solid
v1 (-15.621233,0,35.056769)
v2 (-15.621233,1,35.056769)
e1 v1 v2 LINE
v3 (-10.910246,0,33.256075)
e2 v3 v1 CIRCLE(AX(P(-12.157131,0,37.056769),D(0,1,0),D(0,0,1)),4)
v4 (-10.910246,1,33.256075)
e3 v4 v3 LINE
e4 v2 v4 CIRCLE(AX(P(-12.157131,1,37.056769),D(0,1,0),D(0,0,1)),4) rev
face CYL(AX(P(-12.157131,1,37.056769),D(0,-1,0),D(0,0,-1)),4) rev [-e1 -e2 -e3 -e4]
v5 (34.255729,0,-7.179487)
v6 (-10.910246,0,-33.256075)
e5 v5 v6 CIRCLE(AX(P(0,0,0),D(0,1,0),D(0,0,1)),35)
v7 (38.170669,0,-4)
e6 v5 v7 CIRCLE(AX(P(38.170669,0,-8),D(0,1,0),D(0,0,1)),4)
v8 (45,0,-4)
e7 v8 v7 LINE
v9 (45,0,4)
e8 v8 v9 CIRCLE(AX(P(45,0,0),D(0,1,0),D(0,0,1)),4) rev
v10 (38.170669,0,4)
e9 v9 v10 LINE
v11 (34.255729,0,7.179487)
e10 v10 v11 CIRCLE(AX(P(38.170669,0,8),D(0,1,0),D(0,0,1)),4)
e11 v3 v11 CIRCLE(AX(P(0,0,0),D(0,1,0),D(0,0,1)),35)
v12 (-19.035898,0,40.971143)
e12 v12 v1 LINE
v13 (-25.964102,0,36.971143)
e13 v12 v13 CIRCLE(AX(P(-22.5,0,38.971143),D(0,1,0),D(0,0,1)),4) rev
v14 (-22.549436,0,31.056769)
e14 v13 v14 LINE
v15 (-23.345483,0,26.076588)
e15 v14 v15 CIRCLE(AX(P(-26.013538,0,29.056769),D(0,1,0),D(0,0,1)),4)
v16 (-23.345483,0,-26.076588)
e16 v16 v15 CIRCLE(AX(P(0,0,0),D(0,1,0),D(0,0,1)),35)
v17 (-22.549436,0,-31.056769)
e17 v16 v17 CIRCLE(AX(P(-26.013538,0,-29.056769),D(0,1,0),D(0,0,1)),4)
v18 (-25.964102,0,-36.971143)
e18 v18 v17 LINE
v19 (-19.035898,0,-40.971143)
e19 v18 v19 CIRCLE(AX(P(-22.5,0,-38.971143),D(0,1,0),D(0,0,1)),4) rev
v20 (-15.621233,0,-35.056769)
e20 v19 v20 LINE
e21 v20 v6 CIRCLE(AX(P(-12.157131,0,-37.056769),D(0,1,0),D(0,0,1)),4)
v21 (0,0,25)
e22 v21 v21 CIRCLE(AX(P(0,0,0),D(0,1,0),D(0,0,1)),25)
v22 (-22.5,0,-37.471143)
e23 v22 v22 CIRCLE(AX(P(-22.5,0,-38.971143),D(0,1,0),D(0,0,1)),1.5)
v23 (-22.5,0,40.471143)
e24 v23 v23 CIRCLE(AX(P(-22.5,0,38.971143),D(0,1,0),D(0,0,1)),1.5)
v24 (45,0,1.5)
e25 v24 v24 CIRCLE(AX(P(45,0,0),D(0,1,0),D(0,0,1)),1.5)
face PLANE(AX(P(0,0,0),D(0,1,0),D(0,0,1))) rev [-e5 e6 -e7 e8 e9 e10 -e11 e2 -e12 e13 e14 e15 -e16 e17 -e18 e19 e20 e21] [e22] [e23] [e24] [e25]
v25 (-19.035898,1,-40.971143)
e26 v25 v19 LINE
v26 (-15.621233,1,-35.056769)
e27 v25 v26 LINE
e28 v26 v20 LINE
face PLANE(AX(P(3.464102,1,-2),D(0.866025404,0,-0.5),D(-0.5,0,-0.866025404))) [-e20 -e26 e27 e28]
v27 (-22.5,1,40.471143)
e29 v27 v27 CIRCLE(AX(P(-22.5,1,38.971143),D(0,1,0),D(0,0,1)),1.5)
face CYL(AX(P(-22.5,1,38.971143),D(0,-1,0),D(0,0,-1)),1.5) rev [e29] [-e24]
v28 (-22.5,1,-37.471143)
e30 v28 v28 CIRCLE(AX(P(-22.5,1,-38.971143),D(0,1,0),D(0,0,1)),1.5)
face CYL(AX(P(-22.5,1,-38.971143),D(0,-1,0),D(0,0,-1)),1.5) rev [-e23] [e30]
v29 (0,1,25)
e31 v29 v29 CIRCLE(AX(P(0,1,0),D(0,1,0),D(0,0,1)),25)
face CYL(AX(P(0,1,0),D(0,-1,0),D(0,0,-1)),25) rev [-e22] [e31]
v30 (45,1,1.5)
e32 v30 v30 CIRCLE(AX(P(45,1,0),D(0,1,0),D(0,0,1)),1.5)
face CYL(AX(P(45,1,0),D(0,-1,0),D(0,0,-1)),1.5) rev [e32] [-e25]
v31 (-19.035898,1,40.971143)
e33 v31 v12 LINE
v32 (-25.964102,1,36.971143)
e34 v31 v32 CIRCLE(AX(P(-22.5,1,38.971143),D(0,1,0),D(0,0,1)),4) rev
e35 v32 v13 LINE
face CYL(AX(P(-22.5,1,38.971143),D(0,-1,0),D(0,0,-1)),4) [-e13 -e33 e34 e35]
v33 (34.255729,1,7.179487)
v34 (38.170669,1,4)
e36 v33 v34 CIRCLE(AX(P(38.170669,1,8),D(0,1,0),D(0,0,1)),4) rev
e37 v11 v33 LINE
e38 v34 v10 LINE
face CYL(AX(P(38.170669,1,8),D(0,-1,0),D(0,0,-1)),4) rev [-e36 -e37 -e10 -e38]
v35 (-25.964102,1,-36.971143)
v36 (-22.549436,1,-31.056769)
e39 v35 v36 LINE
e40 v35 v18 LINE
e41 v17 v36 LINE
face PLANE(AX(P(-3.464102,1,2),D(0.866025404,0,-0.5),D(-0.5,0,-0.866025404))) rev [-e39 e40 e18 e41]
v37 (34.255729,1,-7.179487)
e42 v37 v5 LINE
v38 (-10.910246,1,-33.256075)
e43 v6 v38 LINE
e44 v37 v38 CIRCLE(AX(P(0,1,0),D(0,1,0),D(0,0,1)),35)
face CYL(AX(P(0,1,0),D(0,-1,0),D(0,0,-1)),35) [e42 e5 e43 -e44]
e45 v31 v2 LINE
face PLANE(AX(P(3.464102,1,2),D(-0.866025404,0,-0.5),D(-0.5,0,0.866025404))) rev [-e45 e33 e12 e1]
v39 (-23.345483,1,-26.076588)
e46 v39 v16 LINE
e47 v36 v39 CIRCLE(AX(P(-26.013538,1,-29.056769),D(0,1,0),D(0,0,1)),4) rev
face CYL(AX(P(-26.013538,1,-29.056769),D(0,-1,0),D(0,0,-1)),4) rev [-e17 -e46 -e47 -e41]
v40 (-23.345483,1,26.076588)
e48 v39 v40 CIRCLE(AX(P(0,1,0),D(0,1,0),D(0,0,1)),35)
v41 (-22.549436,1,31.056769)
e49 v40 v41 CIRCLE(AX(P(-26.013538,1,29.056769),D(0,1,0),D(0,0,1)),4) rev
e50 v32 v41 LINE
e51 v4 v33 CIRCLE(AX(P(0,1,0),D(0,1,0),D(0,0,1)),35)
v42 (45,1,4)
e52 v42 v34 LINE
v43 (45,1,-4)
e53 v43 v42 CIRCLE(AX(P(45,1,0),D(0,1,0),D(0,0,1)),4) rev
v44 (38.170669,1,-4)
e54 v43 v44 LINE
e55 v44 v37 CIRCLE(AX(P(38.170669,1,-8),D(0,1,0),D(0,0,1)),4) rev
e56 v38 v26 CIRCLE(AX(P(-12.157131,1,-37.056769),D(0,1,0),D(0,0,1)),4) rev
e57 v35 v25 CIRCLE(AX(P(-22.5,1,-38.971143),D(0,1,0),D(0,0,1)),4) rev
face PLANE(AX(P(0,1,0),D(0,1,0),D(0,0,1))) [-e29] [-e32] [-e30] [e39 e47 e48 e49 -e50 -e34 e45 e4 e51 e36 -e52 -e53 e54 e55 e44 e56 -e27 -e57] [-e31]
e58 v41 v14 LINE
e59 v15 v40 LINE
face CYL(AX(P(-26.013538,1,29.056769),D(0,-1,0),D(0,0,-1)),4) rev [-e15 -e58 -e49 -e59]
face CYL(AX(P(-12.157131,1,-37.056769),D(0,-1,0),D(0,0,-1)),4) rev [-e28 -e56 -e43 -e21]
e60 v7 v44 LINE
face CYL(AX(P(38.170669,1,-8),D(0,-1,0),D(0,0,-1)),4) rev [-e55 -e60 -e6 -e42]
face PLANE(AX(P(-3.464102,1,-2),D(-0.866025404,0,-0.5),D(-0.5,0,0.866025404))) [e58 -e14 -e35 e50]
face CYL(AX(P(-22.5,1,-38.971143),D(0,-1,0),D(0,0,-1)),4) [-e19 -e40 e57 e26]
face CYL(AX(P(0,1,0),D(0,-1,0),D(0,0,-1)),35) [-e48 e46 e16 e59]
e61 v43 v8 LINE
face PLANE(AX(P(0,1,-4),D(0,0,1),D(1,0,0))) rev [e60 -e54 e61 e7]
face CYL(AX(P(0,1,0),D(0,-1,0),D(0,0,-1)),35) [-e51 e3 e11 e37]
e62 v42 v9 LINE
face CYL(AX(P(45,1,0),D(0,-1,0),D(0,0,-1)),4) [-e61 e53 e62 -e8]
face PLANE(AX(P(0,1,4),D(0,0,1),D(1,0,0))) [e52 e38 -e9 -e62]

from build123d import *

# Parameters (mm, degrees)
SKETCH1_R           = 35
SKETCH1_R_2         = 25
SKETCH1_R_3         = 1.5
BOSS_EXTRUDE1_DEPTH = 1
FILLET1_R           = 4


with BuildPart() as part:
    # Sketch1 → Boss-Extrude1 (new body)
    # profile 1 of 4: a face of its own
    with BuildSketch(Plane(origin=(0, 0, 0), x_dir=(1, 0, 0), z_dir=(0, 1, 0))):
        Circle(SKETCH1_R)
        with Locations(Location((0, 0, 0), (0, 0, 270))):
            Circle(SKETCH1_R_2, mode=Mode.SUBTRACT)
    # profile 2 of 4: a face of its own
    with BuildSketch(Plane(origin=(0, 0, 0), x_dir=(1, 0, 0), z_dir=(0, 1, 0))):
        with BuildLine():
            ThreePointArc((-20.849440266, 28.11228985), (-17.5, 30.310889132), (-13.921237036, 32.11228985))
            Line((-13.921237036, 32.11228985), (-19.035586192, 40.970602437))
            Line((-19.035586192, 40.970602437), (-19.035898385, 40.97114317))
            ThreePointArc((-19.035898385, 40.97114317), (-24.5, 42.435244785), (-25.964101615, 36.97114317))
            Line((-25.964101615, 36.97114317), (-20.849440266, 28.11228985))
        make_face()
        with Locations(Location((-22.5, 38.97114317, 0), (0, 0, 270))):
            Circle(SKETCH1_R_3, mode=Mode.SUBTRACT)
    # profile 3 of 4: a face of its own
    with BuildSketch(Plane(origin=(0, 0, 0), x_dir=(1, 0, 0), z_dir=(0, 1, 0))):
        with BuildLine():
            Line((-19.035898385, -40.97114317), (-13.921237036, -32.11228985))
            ThreePointArc((-13.921237036, -32.11228985), (-17.5, -30.310889132), (-20.849440266, -28.11228985))
            Line((-20.849440266, -28.11228985), (-25.963789422, -36.970602437))
            Line((-25.963789422, -36.970602437), (-25.964101615, -36.97114317))
            ThreePointArc((-25.964101615, -36.97114317), (-24.5, -42.435244785), (-19.035898385, -40.97114317))
        make_face()
        with Locations(Location((-22.5, -38.97114317, 0), (0, 0, 270))):
            Circle(SKETCH1_R_3, mode=Mode.SUBTRACT)
    # profile 4 of 4: a face of its own
    with BuildSketch(Plane(origin=(0, 0, 0), x_dir=(1, 0, 0), z_dir=(0, 1, 0))):
        with BuildLine():
            ThreePointArc((45, -4), (49, 0), (45, 4))
            Line((45, 4), (34.770677301, 4))
            ThreePointArc((34.770677301, 4), (34.942622294, 2.00328411), (35, 0))
            ThreePointArc((35, 0), (34.942622294, -2.00328411), (34.770677301, -4))
            Line((34.770677301, -4), (44.999375615, -4))
            Line((44.999375615, -4), (45, -4))
        make_face()
        with Locations(Location((45, 0, 0), (0, 0, 270))):
            Circle(SKETCH1_R_3, mode=Mode.SUBTRACT)
    extrude(amount=BOSS_EXTRUDE1_DEPTH)

    # Fillet1
    fillet1_edges = [part.edges().sort_by_distance(p)[0] for p in [
        (-13.921237036, 0.5, 32.11228985),
        (-20.849440266, 0.5, 28.11228985),
        (-20.849440266, 0.5, -28.11228985),
        (-13.921237036, 0.5, -32.11228985),
        (34.770677301, 0.5, -4),
        (34.770677301, 0.5, 4),
    ]]
    fillet(fillet1_edges, radius=FILLET1_R)


solid = part.part
